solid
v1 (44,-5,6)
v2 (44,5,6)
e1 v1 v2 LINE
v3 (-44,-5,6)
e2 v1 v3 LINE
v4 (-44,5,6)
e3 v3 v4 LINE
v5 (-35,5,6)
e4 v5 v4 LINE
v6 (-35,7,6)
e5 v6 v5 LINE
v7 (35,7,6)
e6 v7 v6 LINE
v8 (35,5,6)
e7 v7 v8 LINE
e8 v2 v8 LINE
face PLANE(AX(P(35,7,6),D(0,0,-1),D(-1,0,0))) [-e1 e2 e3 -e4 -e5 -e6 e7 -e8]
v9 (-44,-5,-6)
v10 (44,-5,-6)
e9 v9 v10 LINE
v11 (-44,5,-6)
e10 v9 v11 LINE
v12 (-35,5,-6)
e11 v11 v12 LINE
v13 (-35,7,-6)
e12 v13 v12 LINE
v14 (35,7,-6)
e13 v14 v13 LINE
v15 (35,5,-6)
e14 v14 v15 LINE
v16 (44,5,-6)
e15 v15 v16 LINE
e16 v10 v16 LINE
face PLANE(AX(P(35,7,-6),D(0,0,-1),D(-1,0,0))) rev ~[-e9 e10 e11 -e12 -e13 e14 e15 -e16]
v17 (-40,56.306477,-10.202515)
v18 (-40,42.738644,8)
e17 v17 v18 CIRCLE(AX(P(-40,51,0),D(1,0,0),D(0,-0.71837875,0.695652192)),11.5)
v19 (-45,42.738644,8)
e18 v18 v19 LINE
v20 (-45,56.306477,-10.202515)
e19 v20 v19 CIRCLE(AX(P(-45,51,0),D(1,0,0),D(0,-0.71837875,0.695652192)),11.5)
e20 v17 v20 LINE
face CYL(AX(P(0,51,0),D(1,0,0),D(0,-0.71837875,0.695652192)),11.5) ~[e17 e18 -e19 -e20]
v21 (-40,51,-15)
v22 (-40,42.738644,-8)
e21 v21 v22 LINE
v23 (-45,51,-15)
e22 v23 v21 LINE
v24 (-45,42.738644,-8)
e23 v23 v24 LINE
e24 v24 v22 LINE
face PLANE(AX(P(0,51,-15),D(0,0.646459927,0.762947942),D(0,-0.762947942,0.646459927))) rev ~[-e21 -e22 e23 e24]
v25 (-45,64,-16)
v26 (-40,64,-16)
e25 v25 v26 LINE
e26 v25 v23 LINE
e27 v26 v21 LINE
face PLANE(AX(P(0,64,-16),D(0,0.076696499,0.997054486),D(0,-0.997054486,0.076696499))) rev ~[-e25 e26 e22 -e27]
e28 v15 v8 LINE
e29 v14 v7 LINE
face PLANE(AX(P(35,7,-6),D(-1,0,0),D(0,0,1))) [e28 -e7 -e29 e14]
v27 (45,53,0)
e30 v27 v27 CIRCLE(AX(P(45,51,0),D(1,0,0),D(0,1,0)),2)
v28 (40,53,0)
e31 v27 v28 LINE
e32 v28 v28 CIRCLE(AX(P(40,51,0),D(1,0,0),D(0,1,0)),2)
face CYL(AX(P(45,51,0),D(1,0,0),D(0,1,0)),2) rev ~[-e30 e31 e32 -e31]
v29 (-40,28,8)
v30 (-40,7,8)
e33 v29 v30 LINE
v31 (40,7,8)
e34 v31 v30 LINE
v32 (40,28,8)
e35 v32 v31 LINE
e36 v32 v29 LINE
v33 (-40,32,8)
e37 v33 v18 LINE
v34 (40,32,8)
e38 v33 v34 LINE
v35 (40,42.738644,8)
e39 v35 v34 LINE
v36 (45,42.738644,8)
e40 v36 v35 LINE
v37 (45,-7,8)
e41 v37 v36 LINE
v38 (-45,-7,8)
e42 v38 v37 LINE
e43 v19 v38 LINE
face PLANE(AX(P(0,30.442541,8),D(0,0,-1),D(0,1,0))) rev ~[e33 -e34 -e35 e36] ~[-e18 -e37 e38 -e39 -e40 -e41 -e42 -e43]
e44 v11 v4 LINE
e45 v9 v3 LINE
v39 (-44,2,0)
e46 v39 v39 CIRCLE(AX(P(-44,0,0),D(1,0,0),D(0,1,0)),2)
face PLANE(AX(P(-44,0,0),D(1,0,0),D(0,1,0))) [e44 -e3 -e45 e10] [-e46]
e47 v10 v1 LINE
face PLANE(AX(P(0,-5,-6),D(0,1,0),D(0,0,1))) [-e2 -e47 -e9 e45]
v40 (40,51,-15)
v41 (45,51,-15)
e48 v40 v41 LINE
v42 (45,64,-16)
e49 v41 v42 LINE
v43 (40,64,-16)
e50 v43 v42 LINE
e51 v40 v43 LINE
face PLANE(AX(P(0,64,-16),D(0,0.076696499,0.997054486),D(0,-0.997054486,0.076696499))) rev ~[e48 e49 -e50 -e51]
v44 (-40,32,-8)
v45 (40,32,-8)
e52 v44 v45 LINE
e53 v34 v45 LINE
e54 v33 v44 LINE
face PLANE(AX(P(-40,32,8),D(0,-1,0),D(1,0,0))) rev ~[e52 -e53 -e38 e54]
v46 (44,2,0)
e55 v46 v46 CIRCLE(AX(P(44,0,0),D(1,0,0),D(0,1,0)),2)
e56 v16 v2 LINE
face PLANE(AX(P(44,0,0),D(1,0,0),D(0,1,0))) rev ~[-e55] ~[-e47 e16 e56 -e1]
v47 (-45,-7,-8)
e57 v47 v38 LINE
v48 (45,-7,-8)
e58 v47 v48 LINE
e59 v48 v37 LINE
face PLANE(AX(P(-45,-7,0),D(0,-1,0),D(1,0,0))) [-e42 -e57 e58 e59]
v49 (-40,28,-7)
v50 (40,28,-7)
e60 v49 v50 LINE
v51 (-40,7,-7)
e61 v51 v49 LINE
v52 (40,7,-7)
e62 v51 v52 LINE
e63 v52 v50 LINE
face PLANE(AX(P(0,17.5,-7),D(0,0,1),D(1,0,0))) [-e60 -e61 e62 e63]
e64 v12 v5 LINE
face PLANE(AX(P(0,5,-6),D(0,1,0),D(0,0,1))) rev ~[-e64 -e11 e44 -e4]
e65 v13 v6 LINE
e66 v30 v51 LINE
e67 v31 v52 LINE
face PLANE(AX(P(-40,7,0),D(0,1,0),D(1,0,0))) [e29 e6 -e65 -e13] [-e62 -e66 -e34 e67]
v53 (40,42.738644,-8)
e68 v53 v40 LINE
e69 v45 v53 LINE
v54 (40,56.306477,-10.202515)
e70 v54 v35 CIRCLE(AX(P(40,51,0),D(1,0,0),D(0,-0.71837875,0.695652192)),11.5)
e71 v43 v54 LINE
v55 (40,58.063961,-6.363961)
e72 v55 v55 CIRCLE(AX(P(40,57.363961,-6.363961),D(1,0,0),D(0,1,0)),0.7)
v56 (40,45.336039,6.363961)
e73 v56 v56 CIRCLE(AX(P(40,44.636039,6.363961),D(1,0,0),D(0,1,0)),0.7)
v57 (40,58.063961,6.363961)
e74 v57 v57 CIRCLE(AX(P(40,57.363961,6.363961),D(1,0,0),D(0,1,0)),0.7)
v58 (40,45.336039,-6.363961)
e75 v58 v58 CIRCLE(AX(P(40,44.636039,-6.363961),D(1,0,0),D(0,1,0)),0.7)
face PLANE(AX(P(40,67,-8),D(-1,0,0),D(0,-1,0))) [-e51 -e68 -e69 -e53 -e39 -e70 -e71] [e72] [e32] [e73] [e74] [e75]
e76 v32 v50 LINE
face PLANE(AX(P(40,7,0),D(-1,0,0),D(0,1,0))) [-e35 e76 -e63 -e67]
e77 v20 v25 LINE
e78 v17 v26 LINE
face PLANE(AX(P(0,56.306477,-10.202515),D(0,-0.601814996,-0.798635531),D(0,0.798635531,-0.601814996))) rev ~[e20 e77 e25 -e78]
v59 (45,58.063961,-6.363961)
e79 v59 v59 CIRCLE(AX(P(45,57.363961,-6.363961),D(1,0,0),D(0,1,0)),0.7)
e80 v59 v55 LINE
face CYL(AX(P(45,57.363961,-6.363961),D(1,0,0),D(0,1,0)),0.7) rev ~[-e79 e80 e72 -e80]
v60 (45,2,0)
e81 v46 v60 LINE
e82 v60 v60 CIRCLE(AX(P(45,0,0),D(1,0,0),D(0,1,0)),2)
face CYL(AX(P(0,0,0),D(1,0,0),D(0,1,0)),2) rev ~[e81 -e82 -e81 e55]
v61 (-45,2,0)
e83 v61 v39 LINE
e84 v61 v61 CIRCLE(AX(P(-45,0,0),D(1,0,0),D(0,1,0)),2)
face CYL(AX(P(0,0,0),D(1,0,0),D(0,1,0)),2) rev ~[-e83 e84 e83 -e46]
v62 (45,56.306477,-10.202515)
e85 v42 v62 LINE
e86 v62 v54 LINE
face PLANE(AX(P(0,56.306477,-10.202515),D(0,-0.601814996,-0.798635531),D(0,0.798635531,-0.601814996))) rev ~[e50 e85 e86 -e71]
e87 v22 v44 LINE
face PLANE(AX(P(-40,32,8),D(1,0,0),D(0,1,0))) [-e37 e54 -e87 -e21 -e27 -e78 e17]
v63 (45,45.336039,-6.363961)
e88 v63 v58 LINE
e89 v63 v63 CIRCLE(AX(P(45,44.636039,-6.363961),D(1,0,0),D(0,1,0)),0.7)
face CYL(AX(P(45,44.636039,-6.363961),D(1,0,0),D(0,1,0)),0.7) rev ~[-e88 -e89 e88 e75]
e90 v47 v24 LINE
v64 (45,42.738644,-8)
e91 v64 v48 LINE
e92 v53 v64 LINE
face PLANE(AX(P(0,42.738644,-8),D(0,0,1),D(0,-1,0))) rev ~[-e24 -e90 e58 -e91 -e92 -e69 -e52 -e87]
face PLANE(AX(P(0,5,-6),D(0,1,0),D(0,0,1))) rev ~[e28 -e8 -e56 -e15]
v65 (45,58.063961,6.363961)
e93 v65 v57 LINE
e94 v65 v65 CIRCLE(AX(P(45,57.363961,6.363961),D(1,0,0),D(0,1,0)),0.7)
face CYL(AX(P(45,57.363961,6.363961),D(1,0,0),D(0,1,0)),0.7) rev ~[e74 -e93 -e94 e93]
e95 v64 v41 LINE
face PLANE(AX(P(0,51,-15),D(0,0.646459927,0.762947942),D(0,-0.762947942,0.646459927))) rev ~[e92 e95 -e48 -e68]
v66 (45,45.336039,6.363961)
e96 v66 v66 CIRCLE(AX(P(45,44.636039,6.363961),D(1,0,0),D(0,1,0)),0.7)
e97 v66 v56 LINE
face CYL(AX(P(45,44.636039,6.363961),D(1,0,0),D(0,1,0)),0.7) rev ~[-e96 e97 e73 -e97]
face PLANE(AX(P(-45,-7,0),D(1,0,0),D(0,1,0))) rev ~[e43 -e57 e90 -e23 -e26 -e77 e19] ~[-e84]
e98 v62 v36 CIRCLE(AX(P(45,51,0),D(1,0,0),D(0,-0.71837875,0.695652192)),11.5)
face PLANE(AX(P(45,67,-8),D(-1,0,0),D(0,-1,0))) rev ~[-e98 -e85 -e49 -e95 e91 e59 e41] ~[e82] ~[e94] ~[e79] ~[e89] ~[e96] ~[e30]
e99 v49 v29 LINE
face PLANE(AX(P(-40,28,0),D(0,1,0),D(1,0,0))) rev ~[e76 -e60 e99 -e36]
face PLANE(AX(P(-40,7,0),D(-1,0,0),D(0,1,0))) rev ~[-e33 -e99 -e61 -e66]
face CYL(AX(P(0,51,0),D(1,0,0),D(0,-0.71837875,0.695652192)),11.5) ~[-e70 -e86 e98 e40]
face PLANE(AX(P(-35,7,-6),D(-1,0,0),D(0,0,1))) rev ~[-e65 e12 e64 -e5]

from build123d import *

# Parameters (mm, degrees)
F0_W      = 90
F0_H      = 74
F1_DEPTH  = 8
F2_W      = 10
F2_H      = 12
F3_DEPTH  = 44
F4_W      = 80
F4_H      = 21
F5_DEPTH  = 25
F6_DEPTH  = 7
F7_W      = 70
F7_H      = 12
F8_DEPTH  = 3
F9_R      = 2
F10_DEPTH = 50
F11_W     = 80
F11_H     = 38
F12_DEPTH = 25
F13_R     = 2
F13_R_2   = 0.7
F14_DEPTH = 25
F15_W     = 5
F15_H     = 35
F16_DEPTH = 5
F17_W     = 5
F17_H     = 35
F18_DEPTH = 20
F20_DEPTH = 50


with BuildPart() as f1:
    # F0 (on Top) → F1 (new body, symmetric)
    with BuildSketch(Plane.XY):
        with Locations((0, 30)):
            Rectangle(F0_W, F0_H)
    extrude(amount=F1_DEPTH, both=True)

    # F2 (on Right) → F3 (cut, symmetric)
    with BuildSketch(Plane.YZ):
        Rectangle(F2_W, F2_H)
    extrude(amount=F3_DEPTH, both=True, mode=Mode.SUBTRACT)

    # F4 (on Top) → F5 (cut)
    with BuildSketch(Plane.XY):
        with Locations((0, 17.5)):
            Rectangle(F4_W, F4_H)
    extrude(amount=F5_DEPTH, mode=Mode.SUBTRACT)

    # F4 (on Top) → F6 (cut)
    with BuildSketch(Plane.XY):
        with Locations((0, 17.5)):
            Rectangle(F4_W, F4_H)
    extrude(amount=-F6_DEPTH, mode=Mode.SUBTRACT)

    # F7 (on face) → F8 (cut)
    with BuildSketch(Plane(origin=(0, 7, 0), x_dir=(-1, 0, 0), z_dir=(0, 1, 0))):
        Rectangle(F7_W, F7_H)
    extrude(amount=-F8_DEPTH, mode=Mode.SUBTRACT)

    # F9 (on Right) → F10 (cut, symmetric)
    with BuildSketch(Plane.YZ):
        Circle(F9_R)
    extrude(amount=F10_DEPTH, both=True, mode=Mode.SUBTRACT)

    # F11 (on face) → F12 (cut)
    with BuildSketch(Plane.XY.offset(8)):
        with Locations((0, 51)):
            Rectangle(F11_W, F11_H)
    extrude(amount=-F12_DEPTH, mode=Mode.SUBTRACT)

    # F13 (on face) → F14 (cut)
    with BuildSketch(Plane.YZ.offset(45)):
        with Locations((51, 0)):
            Circle(F13_R)
        with Locations((44.636039, 6.363961)):
            Circle(F13_R_2)
        with Locations((57.363961, 6.363961)):
            Circle(F13_R_2)
        with Locations((44.636039, -6.363961)):
            Circle(F13_R_2)
        with Locations((57.363961, -6.363961)):
            Circle(F13_R_2)
    extrude(amount=-F14_DEPTH, mode=Mode.SUBTRACT)

    # F15 (on face) → F16 (join)
    with BuildSketch(Plane.XY.offset(8)):
        with Locations((42.5, 49.5)):
            Rectangle(F15_W, F15_H)
        with Locations((-42.5, 49.5)):
            Rectangle(F15_W, F15_H)
    extrude(amount=F16_DEPTH)

    # F17 (on face) → F18 (join)
    with BuildSketch(Plane(origin=(0, 0, -8), x_dir=(1, 0, 0), z_dir=(0, 0, -1))):
        with Locations((42.5, -49.5)):
            Rectangle(F17_W, F17_H)
        with Locations((-42.5, -49.5)):
            Rectangle(F17_W, F17_H)
    extrude(amount=F18_DEPTH)

    # F19 (on Right) → F20 (cut, symmetric)
    with BuildSketch(Plane.YZ):
        with BuildLine():
            Line((56.306477, -10.202515), (64, -16))
            Line((64, -16), (51, -15))
            Line((51, -15), (42.738644, -8))
            Line((42.738644, -8), (30.108895, -8))
            Line((30.108895, -8), (30.108895, -29.582262))
            Line((30.108895, -29.582262), (71.439214, -31.000461))
            Line((71.439214, -31.000461), (73.09068, 17.127901))
            Line((73.09068, 17.127901), (30.442541, 17.835671))
            Line((30.442541, 17.835671), (30.442541, 8))
            Line((30.442541, 8), (42.738644, 8))
            ThreePointArc((42.738644, 8), (60.220396, 6.872721), (56.306477, -10.202515))
        make_face()
    extrude(amount=F20_DEPTH, both=True, mode=Mode.SUBTRACT)


solid = f1.part
